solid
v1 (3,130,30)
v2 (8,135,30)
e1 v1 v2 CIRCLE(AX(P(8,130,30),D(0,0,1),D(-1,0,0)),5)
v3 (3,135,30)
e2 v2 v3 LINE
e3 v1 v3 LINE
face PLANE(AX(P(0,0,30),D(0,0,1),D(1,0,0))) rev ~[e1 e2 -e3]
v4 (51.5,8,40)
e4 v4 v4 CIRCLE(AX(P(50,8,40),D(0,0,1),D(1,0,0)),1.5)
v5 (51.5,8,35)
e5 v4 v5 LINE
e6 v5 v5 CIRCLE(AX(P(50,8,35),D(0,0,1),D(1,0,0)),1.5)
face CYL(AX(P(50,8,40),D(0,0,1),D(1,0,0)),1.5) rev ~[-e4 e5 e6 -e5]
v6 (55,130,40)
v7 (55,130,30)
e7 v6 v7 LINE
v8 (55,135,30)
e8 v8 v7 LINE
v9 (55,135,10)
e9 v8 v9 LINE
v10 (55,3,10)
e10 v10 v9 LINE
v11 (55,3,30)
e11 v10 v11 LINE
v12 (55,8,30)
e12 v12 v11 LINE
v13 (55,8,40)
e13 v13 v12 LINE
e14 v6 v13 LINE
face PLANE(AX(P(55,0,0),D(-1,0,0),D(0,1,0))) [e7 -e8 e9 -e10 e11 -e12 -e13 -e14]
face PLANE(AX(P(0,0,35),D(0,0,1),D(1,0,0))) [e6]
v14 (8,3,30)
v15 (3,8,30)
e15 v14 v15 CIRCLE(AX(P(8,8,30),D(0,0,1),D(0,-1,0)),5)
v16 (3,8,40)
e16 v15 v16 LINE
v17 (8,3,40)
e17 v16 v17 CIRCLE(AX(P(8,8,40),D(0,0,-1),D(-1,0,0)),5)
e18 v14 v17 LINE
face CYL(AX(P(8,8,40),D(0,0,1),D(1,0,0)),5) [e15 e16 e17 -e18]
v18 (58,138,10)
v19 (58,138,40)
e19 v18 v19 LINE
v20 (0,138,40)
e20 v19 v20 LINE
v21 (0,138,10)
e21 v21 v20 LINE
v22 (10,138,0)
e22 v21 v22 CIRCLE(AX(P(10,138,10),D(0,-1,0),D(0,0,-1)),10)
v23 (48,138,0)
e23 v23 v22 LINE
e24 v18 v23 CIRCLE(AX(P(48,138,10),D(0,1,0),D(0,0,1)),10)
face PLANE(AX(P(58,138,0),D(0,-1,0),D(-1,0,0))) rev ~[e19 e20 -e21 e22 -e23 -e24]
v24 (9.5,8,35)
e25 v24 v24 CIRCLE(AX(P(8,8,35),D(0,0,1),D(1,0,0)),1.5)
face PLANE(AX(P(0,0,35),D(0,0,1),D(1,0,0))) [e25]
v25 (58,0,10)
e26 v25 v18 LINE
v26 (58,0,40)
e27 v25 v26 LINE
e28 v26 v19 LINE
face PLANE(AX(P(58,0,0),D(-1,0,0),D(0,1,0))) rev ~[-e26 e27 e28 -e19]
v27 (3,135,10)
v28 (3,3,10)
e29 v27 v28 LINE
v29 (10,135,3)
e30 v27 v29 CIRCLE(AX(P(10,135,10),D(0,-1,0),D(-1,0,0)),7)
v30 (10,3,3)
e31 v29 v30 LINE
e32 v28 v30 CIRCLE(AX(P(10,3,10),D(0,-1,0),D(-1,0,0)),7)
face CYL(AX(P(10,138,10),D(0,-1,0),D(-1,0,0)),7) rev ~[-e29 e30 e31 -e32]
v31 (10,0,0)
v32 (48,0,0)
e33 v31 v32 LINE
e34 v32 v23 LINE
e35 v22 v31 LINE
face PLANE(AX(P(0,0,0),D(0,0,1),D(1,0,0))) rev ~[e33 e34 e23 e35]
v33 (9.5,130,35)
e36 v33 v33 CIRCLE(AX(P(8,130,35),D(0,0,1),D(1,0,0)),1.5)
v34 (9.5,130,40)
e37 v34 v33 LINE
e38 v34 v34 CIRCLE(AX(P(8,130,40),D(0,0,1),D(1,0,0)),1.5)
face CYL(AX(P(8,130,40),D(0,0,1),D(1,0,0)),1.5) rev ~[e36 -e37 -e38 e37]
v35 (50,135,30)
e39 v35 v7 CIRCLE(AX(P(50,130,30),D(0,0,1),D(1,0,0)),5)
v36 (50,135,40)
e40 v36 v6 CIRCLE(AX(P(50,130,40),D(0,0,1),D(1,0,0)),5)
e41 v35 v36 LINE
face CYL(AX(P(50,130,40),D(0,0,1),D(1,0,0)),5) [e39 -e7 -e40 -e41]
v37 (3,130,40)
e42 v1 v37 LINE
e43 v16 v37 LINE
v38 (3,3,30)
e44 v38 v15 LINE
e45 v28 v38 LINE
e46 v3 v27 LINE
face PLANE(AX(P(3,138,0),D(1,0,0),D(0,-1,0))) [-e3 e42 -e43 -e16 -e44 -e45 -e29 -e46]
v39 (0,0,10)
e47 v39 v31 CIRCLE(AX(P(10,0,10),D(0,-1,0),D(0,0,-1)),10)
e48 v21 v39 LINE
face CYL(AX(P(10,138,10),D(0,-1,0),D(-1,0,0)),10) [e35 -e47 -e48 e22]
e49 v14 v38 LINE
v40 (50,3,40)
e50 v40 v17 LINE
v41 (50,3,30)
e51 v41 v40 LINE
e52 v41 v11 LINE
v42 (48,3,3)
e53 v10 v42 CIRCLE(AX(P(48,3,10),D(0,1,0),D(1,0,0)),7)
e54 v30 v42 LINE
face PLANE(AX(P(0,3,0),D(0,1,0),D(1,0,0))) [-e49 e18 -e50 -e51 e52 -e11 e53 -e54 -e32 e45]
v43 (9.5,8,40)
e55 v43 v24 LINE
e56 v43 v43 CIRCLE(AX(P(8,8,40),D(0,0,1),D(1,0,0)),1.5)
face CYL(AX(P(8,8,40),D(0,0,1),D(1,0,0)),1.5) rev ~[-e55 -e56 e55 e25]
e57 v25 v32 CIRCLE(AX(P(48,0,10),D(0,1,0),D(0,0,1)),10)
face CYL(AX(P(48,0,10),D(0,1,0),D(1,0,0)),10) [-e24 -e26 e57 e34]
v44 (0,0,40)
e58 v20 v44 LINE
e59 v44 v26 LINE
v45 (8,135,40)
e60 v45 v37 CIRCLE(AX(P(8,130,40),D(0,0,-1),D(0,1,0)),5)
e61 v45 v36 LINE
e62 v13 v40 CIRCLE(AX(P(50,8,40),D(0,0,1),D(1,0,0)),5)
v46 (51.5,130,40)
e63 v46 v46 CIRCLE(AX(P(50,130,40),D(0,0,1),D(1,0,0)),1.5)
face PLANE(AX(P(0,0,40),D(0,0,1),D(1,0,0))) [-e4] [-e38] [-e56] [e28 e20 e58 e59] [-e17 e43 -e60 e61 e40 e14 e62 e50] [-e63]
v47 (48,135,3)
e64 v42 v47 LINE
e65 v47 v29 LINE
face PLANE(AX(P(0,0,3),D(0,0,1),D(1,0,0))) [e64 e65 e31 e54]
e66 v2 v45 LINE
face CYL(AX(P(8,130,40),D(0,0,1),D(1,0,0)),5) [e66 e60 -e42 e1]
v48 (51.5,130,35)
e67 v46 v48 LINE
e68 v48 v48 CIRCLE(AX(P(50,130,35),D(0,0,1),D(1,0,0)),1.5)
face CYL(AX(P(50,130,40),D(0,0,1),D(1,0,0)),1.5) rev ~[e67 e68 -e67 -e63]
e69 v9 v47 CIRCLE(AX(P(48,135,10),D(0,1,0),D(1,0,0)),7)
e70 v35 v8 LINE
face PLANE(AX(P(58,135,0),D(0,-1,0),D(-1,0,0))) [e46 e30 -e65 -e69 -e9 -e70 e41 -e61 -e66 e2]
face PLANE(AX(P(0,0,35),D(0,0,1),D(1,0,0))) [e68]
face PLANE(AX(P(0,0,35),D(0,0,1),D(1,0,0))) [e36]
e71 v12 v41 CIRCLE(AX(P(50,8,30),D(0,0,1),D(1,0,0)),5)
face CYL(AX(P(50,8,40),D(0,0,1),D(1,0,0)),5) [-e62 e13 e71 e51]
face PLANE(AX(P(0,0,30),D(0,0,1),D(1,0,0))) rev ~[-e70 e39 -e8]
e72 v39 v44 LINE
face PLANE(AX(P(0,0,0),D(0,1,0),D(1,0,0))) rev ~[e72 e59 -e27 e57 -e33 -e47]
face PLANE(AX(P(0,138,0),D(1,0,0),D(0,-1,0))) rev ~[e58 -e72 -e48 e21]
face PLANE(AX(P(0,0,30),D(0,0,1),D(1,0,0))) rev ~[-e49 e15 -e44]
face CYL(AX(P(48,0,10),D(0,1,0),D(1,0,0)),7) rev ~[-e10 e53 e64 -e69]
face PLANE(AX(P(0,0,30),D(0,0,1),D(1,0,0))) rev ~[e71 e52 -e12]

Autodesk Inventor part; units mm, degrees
ref_plane "YZ Plane" through (0, 0, 0) normal (1, 0, 0) x (0, 1, 0)
ref_plane "XZ Plane" through (0, 0, 0) normal (0, 1, 0) x (-1, 0, 0)
ref_plane "XY Plane" through (0, 0, 0) normal (0, 0, 1) x (1, 0, 0)
sketch "Sketch1" plane through (0, 0, 0) normal (0, 0, 1) x (1, 0, 0)
  line L0 (0, 0) -> (58, 0)
  line L1 (58, 0) -> (58, 138)
  line L2 (58, 138) -> (0, 138)
  line L3 (0, 138) -> (0, 0)
  dimension "d0" = 58
  dimension "d1" = 138
extrude "Extrusion1" add sketch "Sketch1" along normal blind 40
fillet "Fillet1" radius 10 2 edges at (0, 69, 0) (58, 69, 0)
shell "Shell1" thickness 3 removed faces 1 at (19.3333, 92, 40)
sketch "Sketch2" plane through (0, 0, 40) normal (0, 0, 1) x (1, 0, 0)
  line L0 (55, 135) -> (55, 3) projected
  line L1 (55, 135) -> (55, 130)
  line L2 (55, 130) -> (50, 130)
  circle A0 centre (50, 130) radius 5
  point P0 (0, 0)
  dimension "d6" = 5
  dimension "d7" = 5
extrude "Extrusion3" add sketch "Sketch2" against normal blind 10
sketch "Sketch10" plane through (0, 0, 40) normal (0, 0, 1) x (1, 0, 0)
  line L0 (3, 135) -> (50, 135) projected
  line L1 (48, 135) -> (55, 135) projected
  line L2 (50, 135) -> (55, 135)
  arc A0 (55, 130) -> (50, 135) centre (50, 130) ccw projected
  line L3 (55, 135) -> (50, 135)
  line L4 (55, 135) -> (55, 3) projected
  line L5 (55, 135) -> (55, 130)
  point P0 (0, 0)
extrude "Extrusion4" add sketch "Sketch10" against normal blind 10
sketch "Sketch11" plane through (0, 0, 40) normal (0, 0, 1) x (1, 0, 0)
  arc A0 (55, 130) -> (50, 135) centre (50, 130) ccw projected
  circle A1 centre (50, 130) radius 1.5
  point P0 (0, 0)
  dimension "d14" = 3
extrude "Extrusion5" cut sketch "Sketch11" against normal blind 5
thread "Thread1" size "M3x0.5" class "6H" standard "ANSI Metric M Profile" full length
sketch "Sketch12" plane through (0, 0, 40) normal (0, 0, 1) x (1, 0, 0)
  line L0 (3, 3) -> (3, 135) projected
  line L1 (55, 3) -> (3, 3) projected
  line L2 (3, 3) -> (3, 8)
  line L3 (3, 8) -> (8, 8)
  line L4 (10, 138) -> (10, 0) projected
  circle A0 centre (8, 8) radius 5
  point P0 (0, 0)
  dimension "d20" = 5
  dimension "d21" = 5
extrude "Extrusion6" add sketch "Sketch12" against normal blind 10 contours A0 L4 | A0 L4
sketch "Sketch15" plane through (0, 0, 40) normal (0, 0, 1) x (1, 0, 0)
  line L0 (8, 3) -> (3, 3) projected
  line L1 (3, 3) -> (3, 135) projected
  line L2 (8, 3) -> (3, 3)
  arc A0 (3, 8) -> (8, 3) centre (8, 8) ccw projected
  line L3 (3, 3) -> (8, 3)
  point P0 (0, 0)
extrude "Extrusion7" add sketch "Sketch15" against normal blind 10
sketch "Sketch16" plane through (0, 0, 40) normal (0, 0, 1) x (1, 0, 0)
  arc A0 (8, 3) -> (3, 8) centre (8, 8) ccw projected
  circle A1 centre (8, 8) radius 1.5
  point P0 (0, 0)
  dimension "d26" = 3
extrude "Extrusion8" cut sketch "Sketch16" against normal blind 5
thread "Thread2" size "M3x0.5" class "6H" standard "ANSI Metric M Profile" full length
sketch "Sketch17" plane through (0, 0, 40) normal (0, 0, 1) x (1, 0, 0)
  line L0 (10, 138) -> (10, 0) projected
  line L1 (8, 135) -> (8, 130)
  circle A0 centre (8, 130) radius 5
  point P0 (0, 0)
  point P1 (3, 135)
  dimension "d31" = 5
  dimension "d32" = 5
extrude "Extrusion9" add sketch "Sketch17" against normal blind 10
sketch "Sketch18" plane through (0, 0, 40) normal (0, 0, 1) x (1, 0, 0)
  arc A0 (8, 135) -> (3, 130) centre (8, 130) ccw projected
  line L0 (3, 3) -> (3, 135) projected
  line L1 (8, 135) -> (3, 135)
  line L2 (3, 135) -> (8, 135)
  line L3 (3, 135) -> (10, 135) projected
  point P0 (0, 0)
extrude "Extrusion10" add sketch "Sketch18" against normal blind 10
sketch "Sketch19" plane through (0, 0, 40) normal (0, 0, 1) x (1, 0, 0)
  arc A0 (3, 130) -> (8, 135) centre (8, 130) ccw projected
  circle A1 centre (8, 130) radius 1.5
  point P0 (0, 0)
  dimension "d37" = 3
extrude "Extrusion11" cut sketch "Sketch19" against normal blind 5
thread "Thread3" size "M3x0.5" class "6H" standard "ANSI Metric M Profile" full length
sketch "Sketch21" plane through (0, 0, 40) normal (0, 0, 1) x (1, 0, 0)
  circle A0 centre (50, 8) radius 5
  point P0 (0, 0)
  point P1 (55, 3)
extrude "Extrusion12" add sketch "Sketch21" against normal blind 10
sketch "Sketch23" plane through (0, 0, 40) normal (0, 0, 1) x (1, 0, 0)
  arc A0 (50, 3) -> (55, 8) centre (50, 8) ccw projected
  line L0 (55, 135) -> (55, 3) projected
  line L1 (50, 3) -> (55, 3)
  line L2 (55, 3) -> (50, 3) projected
  line L3 (55, 3) -> (50, 3)
  point P0 (0, 0)
extrude "Extrusion13" add sketch "Sketch23" against normal blind 10
sketch "Sketch24" plane through (0, 0, 40) normal (0, 0, 1) x (1, 0, 0)
  arc A0 (55, 8) -> (50, 3) centre (50, 8) ccw projected
  circle A1 centre (50, 8) radius 1.5
  point P0 (0, 0)
  dimension "d48" = 3
extrude "Extrusion14" cut sketch "Sketch24" against normal blind 5
thread "Thread4" size "M3x0.5" class "6H" standard "ANSI Metric M Profile" full length
sketch "Sketch25" plane through (0, 0, 40) normal (0, 0, 1) x (1, 0, 0)
  point P0 (0, 0)
properties part number "ICE CREAM"
